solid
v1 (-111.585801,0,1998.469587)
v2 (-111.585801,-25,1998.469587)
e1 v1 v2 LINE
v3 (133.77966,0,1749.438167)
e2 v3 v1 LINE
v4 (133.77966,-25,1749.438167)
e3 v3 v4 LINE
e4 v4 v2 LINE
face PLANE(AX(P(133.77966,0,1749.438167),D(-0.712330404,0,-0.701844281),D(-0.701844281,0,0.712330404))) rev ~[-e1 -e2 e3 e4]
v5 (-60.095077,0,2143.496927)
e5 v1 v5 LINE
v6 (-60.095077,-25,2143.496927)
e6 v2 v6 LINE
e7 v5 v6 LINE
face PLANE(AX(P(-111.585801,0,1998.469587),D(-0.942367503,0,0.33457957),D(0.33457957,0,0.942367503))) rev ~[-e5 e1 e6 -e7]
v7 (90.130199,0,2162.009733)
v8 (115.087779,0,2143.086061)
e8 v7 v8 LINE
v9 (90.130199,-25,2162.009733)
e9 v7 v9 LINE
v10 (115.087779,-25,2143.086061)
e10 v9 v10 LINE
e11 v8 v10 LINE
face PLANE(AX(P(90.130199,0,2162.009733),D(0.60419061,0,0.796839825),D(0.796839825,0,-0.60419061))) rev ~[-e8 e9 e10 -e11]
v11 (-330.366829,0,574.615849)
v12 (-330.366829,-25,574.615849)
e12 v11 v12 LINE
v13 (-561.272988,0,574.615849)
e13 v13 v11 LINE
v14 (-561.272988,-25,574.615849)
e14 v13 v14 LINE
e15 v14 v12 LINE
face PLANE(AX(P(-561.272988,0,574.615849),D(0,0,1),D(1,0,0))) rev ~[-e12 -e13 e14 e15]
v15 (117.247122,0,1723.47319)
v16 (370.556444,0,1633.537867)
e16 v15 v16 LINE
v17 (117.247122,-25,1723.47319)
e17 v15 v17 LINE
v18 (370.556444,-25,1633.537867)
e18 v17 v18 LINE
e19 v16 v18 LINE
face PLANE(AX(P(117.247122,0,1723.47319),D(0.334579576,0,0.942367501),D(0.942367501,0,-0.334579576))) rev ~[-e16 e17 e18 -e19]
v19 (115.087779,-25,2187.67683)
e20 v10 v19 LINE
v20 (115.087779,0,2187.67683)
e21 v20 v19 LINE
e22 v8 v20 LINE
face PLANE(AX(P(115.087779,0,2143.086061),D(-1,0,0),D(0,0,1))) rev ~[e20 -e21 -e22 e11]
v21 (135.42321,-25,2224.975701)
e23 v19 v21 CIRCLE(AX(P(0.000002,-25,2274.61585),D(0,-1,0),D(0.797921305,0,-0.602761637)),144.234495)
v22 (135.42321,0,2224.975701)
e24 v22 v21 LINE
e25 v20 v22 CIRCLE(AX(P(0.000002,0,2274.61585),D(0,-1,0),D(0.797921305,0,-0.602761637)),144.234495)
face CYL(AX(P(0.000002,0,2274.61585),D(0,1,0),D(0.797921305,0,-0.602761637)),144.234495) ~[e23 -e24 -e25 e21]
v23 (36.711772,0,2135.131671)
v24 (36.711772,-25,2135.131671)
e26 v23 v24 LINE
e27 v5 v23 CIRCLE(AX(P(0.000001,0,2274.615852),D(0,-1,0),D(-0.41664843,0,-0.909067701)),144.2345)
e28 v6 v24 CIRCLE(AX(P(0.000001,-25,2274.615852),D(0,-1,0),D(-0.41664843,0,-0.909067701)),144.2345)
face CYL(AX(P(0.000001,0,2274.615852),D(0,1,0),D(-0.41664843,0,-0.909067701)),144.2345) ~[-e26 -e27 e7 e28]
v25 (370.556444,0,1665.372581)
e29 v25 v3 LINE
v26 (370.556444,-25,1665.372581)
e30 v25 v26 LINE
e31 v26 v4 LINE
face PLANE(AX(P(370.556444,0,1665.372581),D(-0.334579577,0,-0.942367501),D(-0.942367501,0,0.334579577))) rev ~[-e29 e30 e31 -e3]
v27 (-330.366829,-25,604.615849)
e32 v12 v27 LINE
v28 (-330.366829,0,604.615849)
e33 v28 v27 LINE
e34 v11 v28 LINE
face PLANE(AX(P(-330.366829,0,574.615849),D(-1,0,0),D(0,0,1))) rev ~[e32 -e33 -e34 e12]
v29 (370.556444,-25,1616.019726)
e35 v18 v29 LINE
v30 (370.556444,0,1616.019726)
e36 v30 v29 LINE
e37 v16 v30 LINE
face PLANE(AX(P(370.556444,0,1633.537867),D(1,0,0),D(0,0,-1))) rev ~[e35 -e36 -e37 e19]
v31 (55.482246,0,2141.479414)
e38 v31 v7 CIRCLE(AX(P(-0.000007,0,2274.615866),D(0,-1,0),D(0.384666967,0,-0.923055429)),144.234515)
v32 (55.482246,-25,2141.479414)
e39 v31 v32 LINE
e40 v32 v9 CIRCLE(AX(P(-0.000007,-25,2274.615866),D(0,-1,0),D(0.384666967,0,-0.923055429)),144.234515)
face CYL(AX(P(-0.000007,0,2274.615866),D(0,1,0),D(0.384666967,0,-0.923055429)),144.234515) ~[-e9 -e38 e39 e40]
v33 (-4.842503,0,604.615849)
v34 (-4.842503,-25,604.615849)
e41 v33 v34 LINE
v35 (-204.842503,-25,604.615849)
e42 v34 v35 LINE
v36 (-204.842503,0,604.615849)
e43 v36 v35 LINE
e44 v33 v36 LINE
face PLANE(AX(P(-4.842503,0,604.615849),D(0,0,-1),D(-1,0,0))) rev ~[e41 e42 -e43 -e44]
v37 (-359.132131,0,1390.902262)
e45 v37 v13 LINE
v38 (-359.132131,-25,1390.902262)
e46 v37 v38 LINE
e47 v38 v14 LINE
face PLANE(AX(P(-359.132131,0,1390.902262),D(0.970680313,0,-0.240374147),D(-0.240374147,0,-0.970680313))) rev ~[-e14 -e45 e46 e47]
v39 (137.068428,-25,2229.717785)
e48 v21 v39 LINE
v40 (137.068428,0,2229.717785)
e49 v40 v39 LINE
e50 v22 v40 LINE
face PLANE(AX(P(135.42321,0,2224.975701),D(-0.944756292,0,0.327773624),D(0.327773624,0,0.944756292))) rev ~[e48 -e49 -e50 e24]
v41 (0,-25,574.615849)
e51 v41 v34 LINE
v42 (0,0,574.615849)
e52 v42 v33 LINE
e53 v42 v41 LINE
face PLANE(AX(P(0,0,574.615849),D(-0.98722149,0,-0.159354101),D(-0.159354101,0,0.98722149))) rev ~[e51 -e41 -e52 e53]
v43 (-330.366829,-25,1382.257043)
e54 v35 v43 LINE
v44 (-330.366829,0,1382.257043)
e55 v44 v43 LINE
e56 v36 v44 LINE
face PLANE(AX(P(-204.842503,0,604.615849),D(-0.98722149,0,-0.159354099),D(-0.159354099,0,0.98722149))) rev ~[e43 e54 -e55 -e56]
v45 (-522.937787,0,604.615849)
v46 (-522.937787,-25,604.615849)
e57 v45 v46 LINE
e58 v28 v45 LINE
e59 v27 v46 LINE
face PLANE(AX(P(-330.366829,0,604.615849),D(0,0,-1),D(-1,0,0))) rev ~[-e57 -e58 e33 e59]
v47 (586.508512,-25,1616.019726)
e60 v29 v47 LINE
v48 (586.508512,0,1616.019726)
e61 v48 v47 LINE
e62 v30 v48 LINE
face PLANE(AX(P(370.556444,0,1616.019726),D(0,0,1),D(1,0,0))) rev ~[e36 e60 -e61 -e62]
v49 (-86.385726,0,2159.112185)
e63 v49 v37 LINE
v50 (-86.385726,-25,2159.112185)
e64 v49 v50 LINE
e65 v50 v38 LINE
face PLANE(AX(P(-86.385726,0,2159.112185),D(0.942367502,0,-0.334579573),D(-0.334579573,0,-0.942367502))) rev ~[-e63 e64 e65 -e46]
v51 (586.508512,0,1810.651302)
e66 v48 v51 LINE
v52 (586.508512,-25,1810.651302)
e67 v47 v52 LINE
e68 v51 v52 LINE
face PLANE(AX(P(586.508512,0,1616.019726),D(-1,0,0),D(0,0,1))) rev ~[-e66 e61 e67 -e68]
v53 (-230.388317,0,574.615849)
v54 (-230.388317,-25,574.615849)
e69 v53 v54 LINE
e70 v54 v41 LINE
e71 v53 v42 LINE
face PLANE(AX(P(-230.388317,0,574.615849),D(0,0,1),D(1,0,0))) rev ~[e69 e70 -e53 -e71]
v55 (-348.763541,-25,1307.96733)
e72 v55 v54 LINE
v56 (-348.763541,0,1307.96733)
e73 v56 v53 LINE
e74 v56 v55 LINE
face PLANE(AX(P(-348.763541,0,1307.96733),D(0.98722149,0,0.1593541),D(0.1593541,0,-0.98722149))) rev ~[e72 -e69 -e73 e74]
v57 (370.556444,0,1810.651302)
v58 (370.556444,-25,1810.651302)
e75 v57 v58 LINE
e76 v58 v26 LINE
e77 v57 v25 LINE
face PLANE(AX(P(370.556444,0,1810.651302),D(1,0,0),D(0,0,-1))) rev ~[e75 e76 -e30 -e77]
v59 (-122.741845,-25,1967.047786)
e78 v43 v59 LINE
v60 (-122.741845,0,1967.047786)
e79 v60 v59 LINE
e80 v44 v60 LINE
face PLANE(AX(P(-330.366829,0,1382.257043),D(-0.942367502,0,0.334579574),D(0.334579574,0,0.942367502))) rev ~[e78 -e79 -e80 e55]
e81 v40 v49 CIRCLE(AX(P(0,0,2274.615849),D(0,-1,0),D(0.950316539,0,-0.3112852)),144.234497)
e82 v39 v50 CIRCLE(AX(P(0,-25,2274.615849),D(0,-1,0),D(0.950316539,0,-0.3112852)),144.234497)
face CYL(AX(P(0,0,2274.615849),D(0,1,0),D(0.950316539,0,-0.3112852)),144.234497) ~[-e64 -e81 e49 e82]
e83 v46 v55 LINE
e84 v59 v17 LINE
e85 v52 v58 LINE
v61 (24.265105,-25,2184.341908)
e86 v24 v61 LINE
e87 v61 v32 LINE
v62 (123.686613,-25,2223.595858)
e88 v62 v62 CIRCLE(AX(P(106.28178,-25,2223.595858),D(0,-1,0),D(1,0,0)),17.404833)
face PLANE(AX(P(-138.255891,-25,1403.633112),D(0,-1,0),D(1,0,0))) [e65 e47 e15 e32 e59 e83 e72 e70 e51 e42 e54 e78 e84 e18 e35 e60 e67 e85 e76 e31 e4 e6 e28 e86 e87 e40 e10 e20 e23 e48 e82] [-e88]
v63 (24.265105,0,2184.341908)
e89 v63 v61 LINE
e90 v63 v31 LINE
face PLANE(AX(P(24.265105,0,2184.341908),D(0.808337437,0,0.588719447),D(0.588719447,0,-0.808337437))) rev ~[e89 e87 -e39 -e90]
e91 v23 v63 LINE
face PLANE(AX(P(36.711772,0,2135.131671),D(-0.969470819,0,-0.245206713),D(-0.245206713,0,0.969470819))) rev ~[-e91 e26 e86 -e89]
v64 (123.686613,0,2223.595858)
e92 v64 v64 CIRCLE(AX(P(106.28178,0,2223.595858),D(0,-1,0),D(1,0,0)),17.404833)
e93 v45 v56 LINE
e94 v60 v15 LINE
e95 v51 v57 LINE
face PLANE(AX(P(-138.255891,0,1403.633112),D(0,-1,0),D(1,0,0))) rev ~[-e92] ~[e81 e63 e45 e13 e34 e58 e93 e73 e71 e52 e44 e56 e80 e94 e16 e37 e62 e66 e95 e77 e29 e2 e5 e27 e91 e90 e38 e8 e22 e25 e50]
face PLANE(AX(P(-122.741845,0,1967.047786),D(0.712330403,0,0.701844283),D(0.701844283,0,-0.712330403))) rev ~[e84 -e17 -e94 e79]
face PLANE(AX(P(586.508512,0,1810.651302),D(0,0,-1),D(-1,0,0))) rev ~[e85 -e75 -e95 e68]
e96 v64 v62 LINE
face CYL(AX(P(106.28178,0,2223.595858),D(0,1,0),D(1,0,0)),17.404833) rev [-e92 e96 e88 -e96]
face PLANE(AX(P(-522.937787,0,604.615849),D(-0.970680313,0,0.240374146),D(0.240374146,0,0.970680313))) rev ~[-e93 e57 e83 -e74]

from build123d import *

# Parameters (mm, degrees)
F0_R     = 17.404833
F1_DEPTH = 25


with BuildPart() as f1:
    # F0 (on Front) → F1 (new body)
    with BuildSketch(Plane.XZ):
        with BuildLine():
            Line((-111.585801, 1998.469587), (-60.095077, 2143.496927))
            ThreePointArc((-60.095077, 2143.496927), (-12.417291, 2130.916855), (36.711772, 2135.131671))
            Line((36.711772, 2135.131671), (24.265105, 2184.341908))
            Line((24.265105, 2184.341908), (55.482246, 2141.479414))
            ThreePointArc((55.482246, 2141.479414), (73.526319, 2150.529305), (90.130199, 2162.009733))
            Line((90.130199, 2162.009733), (115.087779, 2143.086061))
            Line((115.087779, 2143.086061), (115.087779, 2187.67683))
            ThreePointArc((115.087779, 2187.67683), (126.636252, 2205.573473), (135.42321, 2224.975701))
            Line((135.42321, 2224.975701), (137.068428, 2229.717785))
            ThreePointArc((137.068428, 2229.717785), (-43.45655, 2412.148094), (-86.385726, 2159.112185))
            Line((-86.385726, 2159.112185), (-359.132131, 1390.902262))
            Line((-359.132131, 1390.902262), (-561.272988, 574.615849))
            Line((-561.272988, 574.615849), (-530.366829, 574.615849))
            Line((-530.366829, 574.615849), (-330.366829, 574.615849))
            Line((-330.366829, 574.615849), (-330.366829, 604.615849))
            Line((-330.366829, 604.615849), (-522.937787, 604.615849))
            Line((-522.937787, 604.615849), (-348.763541, 1307.96733))
            Line((-348.763541, 1307.96733), (-230.388317, 574.615849))
            Line((-230.388317, 574.615849), (-200, 574.615849))
            Line((-200, 574.615849), (0, 574.615849))
            Line((0, 574.615849), (-4.842503, 604.615849))
            Line((-4.842503, 604.615849), (-204.842503, 604.615849))
            Line((-204.842503, 604.615849), (-330.366829, 1382.257043))
            Line((-330.366829, 1382.257043), (-122.741845, 1967.047786))
            Line((-122.741845, 1967.047786), (117.247122, 1723.47319))
            Line((117.247122, 1723.47319), (370.556444, 1633.537867))
            Line((370.556444, 1633.537867), (370.556444, 1616.019726))
            Line((370.556444, 1616.019726), (586.508512, 1616.019726))
            Line((586.508512, 1616.019726), (586.508512, 1810.651302))
            Line((586.508512, 1810.651302), (370.556444, 1810.651302))
            Line((370.556444, 1810.651302), (370.556444, 1665.372581))
            Line((370.556444, 1665.372581), (133.77966, 1749.438167))
            Line((133.77966, 1749.438167), (-111.585801, 1998.469587))
        make_face()
        with Locations((106.28178, 2223.595858)):
            Circle(F0_R, mode=Mode.SUBTRACT)
    extrude(amount=F1_DEPTH)


solid = f1.part
